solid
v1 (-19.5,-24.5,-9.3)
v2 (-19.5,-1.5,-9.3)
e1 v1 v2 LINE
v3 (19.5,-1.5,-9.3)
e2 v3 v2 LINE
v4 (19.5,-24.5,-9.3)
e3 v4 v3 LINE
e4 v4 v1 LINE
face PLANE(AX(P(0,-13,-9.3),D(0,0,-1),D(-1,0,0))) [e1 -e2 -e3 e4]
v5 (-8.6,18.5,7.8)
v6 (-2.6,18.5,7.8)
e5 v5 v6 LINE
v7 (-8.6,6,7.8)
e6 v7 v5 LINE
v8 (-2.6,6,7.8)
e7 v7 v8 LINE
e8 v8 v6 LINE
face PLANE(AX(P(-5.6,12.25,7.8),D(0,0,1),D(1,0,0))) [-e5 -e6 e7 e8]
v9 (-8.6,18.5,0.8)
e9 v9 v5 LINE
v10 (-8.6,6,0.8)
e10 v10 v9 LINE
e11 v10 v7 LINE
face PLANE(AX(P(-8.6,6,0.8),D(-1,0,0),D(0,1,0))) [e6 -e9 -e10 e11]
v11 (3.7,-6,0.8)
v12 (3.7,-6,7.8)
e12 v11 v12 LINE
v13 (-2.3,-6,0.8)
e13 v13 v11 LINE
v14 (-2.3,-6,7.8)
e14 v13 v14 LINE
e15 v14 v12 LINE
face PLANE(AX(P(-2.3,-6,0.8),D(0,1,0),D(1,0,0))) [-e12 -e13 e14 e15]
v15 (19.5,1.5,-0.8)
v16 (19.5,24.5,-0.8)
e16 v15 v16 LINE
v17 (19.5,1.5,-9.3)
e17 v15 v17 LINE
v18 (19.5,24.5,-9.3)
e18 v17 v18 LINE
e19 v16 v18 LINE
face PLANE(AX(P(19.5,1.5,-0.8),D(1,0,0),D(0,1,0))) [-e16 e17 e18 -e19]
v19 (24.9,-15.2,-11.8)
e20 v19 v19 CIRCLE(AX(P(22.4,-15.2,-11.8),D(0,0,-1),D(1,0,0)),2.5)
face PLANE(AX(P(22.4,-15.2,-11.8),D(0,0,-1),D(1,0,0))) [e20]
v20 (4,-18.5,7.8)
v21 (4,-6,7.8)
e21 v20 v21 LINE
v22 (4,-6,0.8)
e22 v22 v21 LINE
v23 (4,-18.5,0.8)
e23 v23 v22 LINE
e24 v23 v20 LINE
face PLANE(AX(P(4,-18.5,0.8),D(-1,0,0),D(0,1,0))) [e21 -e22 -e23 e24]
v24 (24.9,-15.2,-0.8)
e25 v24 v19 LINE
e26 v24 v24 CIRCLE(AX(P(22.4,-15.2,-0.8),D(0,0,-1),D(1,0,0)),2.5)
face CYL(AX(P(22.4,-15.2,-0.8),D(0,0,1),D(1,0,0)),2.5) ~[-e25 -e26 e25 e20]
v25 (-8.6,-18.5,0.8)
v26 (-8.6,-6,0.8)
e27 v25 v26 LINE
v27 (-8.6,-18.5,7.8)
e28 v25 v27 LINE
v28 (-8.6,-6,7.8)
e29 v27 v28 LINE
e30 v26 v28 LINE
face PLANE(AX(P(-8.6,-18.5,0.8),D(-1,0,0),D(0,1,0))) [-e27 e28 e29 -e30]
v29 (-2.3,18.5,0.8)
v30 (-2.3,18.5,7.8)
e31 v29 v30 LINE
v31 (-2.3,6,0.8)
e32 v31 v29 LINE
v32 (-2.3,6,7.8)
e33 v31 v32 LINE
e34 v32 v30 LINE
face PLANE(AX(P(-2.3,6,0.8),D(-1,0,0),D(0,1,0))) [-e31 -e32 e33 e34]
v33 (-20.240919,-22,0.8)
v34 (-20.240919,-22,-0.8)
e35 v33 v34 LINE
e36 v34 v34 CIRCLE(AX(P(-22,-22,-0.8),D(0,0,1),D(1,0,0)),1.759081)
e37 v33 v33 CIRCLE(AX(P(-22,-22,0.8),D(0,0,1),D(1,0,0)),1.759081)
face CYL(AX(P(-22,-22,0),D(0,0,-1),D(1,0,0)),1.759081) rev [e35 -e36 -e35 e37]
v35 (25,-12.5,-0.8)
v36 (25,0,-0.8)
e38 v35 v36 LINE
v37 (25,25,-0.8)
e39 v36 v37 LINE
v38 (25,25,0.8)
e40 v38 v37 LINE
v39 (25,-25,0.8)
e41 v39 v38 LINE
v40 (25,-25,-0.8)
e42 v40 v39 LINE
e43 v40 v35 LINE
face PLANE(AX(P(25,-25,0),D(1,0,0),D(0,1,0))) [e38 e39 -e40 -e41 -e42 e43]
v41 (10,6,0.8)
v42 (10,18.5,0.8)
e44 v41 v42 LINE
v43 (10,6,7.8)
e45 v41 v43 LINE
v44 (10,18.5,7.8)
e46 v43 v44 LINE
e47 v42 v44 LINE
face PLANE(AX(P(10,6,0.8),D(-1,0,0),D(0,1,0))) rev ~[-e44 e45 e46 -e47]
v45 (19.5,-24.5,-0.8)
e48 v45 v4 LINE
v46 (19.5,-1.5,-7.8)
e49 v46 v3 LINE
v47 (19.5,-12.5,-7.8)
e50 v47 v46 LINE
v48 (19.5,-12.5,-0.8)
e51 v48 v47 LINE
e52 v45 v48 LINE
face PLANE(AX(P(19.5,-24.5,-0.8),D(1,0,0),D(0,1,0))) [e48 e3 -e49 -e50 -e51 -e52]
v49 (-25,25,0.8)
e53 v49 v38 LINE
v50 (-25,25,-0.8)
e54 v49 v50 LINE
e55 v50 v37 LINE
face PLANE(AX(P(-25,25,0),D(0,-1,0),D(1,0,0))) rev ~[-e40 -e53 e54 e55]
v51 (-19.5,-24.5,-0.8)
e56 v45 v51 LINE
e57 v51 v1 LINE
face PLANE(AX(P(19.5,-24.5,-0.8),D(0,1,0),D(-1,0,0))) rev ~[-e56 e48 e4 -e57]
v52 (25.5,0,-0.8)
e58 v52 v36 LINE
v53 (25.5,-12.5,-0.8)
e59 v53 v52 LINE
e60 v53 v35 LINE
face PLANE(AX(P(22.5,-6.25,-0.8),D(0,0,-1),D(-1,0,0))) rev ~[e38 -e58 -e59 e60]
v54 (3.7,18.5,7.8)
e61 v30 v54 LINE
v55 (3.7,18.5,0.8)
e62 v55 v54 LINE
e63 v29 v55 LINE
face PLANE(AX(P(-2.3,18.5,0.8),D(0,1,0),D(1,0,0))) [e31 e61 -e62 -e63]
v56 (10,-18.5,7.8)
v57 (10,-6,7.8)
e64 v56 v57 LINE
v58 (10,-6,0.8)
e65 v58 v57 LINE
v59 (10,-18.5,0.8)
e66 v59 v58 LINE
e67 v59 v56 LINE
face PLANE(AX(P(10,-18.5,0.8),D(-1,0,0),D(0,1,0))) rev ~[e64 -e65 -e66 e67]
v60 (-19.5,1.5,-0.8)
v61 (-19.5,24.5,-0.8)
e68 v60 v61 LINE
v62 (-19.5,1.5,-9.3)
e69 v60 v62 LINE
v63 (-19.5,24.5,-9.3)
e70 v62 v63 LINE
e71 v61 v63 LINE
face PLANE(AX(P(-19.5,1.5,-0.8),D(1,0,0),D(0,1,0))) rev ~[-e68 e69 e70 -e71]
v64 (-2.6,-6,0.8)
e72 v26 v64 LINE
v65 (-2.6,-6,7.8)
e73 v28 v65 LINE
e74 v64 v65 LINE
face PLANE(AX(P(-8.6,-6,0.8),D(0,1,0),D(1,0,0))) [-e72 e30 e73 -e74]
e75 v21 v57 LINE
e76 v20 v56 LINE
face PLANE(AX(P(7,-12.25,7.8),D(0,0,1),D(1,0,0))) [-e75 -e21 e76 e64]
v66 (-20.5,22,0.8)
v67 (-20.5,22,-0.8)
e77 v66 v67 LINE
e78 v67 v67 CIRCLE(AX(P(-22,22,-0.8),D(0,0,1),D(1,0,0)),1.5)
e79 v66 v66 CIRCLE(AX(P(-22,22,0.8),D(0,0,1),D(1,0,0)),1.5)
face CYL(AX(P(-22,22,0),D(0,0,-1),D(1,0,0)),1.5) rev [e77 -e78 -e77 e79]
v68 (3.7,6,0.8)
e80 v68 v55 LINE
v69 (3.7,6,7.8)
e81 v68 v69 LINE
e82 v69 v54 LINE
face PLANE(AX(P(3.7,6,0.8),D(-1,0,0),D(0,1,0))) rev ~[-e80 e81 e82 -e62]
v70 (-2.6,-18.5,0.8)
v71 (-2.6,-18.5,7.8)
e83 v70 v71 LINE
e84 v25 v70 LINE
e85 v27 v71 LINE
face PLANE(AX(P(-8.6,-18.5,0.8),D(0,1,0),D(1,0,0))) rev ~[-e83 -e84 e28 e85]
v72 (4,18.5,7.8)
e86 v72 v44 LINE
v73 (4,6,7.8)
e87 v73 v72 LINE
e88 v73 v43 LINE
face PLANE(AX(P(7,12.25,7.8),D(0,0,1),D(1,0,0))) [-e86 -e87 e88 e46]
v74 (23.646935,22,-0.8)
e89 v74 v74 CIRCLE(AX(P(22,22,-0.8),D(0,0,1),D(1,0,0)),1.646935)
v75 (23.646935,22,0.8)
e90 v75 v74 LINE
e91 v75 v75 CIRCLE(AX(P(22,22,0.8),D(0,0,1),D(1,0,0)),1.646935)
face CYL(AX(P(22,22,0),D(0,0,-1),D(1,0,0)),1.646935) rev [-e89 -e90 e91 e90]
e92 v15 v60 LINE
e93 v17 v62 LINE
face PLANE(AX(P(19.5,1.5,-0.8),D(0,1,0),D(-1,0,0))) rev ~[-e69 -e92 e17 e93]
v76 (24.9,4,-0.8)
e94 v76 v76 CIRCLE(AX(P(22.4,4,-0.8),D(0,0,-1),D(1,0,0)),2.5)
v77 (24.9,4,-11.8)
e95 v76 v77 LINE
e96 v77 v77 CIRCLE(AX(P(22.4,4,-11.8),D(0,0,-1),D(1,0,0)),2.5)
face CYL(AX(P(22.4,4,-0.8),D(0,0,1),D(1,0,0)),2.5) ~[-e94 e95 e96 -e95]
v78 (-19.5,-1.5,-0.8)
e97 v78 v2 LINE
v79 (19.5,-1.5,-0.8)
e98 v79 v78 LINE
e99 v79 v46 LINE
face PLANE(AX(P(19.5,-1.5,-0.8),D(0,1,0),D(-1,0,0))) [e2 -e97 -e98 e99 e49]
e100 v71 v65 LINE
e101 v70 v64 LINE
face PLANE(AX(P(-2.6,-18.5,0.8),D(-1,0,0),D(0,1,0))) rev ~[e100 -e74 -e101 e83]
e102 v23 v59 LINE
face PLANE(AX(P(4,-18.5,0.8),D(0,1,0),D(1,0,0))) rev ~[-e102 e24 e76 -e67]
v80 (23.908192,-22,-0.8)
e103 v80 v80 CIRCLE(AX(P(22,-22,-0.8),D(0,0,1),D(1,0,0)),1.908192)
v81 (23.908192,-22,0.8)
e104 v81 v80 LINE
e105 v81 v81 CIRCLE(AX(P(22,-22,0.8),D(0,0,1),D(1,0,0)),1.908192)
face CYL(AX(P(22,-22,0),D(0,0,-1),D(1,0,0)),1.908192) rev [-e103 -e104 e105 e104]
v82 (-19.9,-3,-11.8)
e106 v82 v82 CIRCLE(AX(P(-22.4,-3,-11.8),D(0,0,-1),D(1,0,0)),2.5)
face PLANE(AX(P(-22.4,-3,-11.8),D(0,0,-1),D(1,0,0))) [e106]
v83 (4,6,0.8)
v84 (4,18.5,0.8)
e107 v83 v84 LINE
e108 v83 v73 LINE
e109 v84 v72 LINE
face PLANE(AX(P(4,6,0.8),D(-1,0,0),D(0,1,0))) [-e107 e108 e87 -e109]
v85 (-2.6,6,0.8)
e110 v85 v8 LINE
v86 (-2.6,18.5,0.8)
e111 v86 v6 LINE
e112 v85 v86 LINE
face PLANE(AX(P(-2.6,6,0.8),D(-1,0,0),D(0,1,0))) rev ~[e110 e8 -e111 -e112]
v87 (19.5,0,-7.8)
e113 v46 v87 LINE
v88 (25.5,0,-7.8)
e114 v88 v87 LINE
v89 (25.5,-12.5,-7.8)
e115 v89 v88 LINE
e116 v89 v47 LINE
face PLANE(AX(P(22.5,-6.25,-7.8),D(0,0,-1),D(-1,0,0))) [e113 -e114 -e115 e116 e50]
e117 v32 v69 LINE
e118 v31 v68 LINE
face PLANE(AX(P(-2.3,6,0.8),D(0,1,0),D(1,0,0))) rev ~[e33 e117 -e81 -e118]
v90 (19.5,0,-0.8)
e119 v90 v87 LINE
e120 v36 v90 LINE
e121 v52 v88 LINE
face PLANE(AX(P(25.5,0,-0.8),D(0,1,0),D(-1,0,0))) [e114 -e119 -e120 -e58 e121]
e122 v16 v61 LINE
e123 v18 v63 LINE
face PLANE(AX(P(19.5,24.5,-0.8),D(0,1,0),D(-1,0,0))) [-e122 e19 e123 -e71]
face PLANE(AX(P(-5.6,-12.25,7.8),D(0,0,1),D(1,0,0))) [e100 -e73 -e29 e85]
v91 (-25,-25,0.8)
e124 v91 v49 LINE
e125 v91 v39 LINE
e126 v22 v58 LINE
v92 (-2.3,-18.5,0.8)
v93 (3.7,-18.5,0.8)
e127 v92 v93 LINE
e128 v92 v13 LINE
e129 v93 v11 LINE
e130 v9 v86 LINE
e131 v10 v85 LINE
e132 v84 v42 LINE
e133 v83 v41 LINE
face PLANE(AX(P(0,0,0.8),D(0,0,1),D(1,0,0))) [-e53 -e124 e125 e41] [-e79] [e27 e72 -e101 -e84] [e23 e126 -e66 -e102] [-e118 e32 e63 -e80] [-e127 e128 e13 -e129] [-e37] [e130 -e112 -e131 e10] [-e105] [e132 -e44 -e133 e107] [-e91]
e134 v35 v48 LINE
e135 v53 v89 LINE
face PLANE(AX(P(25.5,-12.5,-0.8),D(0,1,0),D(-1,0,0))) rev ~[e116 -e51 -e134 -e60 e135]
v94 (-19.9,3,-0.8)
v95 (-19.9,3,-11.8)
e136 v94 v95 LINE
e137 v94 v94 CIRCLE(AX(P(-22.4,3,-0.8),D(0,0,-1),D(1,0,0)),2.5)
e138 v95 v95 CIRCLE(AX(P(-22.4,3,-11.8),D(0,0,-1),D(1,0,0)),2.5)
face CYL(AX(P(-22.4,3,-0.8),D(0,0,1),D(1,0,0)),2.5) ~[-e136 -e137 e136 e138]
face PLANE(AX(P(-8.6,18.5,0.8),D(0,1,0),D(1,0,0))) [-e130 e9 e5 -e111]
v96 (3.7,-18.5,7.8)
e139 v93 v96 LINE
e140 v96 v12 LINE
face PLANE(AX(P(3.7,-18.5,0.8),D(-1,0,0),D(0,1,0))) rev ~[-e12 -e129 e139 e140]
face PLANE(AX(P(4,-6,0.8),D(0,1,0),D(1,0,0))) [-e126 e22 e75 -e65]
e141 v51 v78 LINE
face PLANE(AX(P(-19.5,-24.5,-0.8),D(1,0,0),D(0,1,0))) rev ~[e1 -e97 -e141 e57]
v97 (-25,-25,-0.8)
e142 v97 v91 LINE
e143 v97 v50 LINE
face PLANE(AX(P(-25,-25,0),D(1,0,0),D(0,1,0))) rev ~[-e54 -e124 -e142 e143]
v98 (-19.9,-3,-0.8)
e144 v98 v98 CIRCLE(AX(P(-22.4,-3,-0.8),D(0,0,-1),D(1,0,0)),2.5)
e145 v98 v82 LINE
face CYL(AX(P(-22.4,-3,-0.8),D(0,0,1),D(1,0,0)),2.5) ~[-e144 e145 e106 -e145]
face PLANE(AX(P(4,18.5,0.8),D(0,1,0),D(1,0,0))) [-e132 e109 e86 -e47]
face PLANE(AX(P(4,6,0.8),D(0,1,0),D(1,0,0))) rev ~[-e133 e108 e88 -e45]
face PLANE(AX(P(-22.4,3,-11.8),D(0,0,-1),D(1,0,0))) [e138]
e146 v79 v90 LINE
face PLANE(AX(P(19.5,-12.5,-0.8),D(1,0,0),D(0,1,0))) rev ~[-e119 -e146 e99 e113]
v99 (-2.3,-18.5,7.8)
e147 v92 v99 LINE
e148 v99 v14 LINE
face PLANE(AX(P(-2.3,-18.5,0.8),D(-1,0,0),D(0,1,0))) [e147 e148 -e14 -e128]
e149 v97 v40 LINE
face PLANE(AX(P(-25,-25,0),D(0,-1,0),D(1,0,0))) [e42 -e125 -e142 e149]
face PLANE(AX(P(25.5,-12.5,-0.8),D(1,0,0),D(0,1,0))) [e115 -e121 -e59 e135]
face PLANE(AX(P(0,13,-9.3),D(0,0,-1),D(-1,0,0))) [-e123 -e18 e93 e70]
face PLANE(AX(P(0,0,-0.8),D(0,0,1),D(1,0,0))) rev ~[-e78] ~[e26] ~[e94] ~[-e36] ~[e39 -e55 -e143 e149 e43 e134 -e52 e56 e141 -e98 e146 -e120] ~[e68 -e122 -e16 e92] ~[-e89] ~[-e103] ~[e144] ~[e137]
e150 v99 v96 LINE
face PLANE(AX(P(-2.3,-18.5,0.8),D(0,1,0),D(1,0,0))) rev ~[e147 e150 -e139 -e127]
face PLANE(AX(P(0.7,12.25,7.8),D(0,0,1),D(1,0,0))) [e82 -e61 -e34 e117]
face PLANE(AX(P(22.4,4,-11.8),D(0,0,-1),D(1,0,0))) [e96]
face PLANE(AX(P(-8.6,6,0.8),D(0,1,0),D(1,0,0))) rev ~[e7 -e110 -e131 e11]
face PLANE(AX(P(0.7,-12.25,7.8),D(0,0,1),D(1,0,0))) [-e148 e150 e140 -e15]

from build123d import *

# Parameters (mm, degrees)
SKETCH1_W      = 50
SKETCH1_H      = 50
SKETCH1_R      = 1.5
SKETCH1_R_2    = 1.646935024
SKETCH1_R_3    = 1.908192471
SKETCH1_R_4    = 1.759080553
EXTRUDE2_DEPTH = 0.8
SKETCH2_W      = 6
SKETCH2_H      = 12.5
EXTRUDE3_DEPTH = 7
SKETCH3_W      = 6
SKETCH3_H      = 12.5
EXTRUDE4_DEPTH = 7
SKETCH4_W      = 39
SKETCH4_H      = 23
EXTRUDE5_DEPTH = 8.5
SKETCH5_R      = 2.5
EXTRUDE8_DEPTH = 11


with BuildPart() as part:
    # Sketch1 → Extrude2 (new, symmetric)
    with BuildSketch(Plane.XY):
        Rectangle(SKETCH1_W, SKETCH1_H)
        with Locations((-22, 22)):
            Circle(SKETCH1_R, mode=Mode.SUBTRACT)
        with Locations((22, 22)):
            Circle(SKETCH1_R_2, mode=Mode.SUBTRACT)
        with Locations((22, -22)):
            Circle(SKETCH1_R_3, mode=Mode.SUBTRACT)
        with Locations((-22, -22)):
            Circle(SKETCH1_R_4, mode=Mode.SUBTRACT)
    extrude(amount=EXTRUDE2_DEPTH, both=True)

    # Sketch2 → Extrude3 (add)
    with BuildSketch(Plane.XY.offset(0.8)):
        with Locations((7, 12.25)):
            Rectangle(SKETCH2_W, SKETCH2_H)
        with Locations((7, -12.25)):
            Rectangle(SKETCH2_W, SKETCH2_H)
        with Locations((0.7, 12.25)):
            Rectangle(SKETCH2_W, SKETCH2_H)
        with Locations((0.7, -12.25)):
            Rectangle(SKETCH2_W, SKETCH2_H)
        with Locations((-5.6, 12.25)):
            Rectangle(SKETCH2_W, SKETCH2_H)
        with Locations((-5.6, -12.25)):
            Rectangle(SKETCH2_W, SKETCH2_H)
    extrude(amount=EXTRUDE3_DEPTH)

    # Sketch3 → Extrude4 (add)
    with BuildSketch(Plane(origin=(0, 0, -0.8), x_dir=(-1, 0, 0), z_dir=(0, 0, -1))):
        with Locations((-22.5, -6.25)):
            Rectangle(SKETCH3_W, SKETCH3_H)
    extrude(amount=EXTRUDE4_DEPTH)

    # Sketch4 → Extrude5 (add)
    with BuildSketch(Plane(origin=(0, 0, -0.8), x_dir=(-1, 0, 0), z_dir=(0, 0, -1))):
        with Locations((0, -13)):
            Rectangle(SKETCH4_W, SKETCH4_H)
        with Locations((0, 13)):
            Rectangle(SKETCH4_W, SKETCH4_H)
    extrude(amount=EXTRUDE5_DEPTH)

    # Sketch5 → Extrude8 (add)
    with BuildSketch(Plane(origin=(0, 0, -0.8), x_dir=(-1, 0, 0), z_dir=(0, 0, -1))):
        with Locations(Location((22.4, -3, 0), (0, 0, 180))):
            Circle(SKETCH5_R)
        with Locations(Location((22.4, 3, 0), (0, 0, 180))):
            Circle(SKETCH5_R)
        with Locations(Location((-22.4, -15.2, 0), (0, 0, 180))):
            Circle(SKETCH5_R)
        with Locations(Location((-22.4, 4, 0), (0, 0, 180))):
            Circle(SKETCH5_R)
    extrude(amount=EXTRUDE8_DEPTH)


solid = part.part
